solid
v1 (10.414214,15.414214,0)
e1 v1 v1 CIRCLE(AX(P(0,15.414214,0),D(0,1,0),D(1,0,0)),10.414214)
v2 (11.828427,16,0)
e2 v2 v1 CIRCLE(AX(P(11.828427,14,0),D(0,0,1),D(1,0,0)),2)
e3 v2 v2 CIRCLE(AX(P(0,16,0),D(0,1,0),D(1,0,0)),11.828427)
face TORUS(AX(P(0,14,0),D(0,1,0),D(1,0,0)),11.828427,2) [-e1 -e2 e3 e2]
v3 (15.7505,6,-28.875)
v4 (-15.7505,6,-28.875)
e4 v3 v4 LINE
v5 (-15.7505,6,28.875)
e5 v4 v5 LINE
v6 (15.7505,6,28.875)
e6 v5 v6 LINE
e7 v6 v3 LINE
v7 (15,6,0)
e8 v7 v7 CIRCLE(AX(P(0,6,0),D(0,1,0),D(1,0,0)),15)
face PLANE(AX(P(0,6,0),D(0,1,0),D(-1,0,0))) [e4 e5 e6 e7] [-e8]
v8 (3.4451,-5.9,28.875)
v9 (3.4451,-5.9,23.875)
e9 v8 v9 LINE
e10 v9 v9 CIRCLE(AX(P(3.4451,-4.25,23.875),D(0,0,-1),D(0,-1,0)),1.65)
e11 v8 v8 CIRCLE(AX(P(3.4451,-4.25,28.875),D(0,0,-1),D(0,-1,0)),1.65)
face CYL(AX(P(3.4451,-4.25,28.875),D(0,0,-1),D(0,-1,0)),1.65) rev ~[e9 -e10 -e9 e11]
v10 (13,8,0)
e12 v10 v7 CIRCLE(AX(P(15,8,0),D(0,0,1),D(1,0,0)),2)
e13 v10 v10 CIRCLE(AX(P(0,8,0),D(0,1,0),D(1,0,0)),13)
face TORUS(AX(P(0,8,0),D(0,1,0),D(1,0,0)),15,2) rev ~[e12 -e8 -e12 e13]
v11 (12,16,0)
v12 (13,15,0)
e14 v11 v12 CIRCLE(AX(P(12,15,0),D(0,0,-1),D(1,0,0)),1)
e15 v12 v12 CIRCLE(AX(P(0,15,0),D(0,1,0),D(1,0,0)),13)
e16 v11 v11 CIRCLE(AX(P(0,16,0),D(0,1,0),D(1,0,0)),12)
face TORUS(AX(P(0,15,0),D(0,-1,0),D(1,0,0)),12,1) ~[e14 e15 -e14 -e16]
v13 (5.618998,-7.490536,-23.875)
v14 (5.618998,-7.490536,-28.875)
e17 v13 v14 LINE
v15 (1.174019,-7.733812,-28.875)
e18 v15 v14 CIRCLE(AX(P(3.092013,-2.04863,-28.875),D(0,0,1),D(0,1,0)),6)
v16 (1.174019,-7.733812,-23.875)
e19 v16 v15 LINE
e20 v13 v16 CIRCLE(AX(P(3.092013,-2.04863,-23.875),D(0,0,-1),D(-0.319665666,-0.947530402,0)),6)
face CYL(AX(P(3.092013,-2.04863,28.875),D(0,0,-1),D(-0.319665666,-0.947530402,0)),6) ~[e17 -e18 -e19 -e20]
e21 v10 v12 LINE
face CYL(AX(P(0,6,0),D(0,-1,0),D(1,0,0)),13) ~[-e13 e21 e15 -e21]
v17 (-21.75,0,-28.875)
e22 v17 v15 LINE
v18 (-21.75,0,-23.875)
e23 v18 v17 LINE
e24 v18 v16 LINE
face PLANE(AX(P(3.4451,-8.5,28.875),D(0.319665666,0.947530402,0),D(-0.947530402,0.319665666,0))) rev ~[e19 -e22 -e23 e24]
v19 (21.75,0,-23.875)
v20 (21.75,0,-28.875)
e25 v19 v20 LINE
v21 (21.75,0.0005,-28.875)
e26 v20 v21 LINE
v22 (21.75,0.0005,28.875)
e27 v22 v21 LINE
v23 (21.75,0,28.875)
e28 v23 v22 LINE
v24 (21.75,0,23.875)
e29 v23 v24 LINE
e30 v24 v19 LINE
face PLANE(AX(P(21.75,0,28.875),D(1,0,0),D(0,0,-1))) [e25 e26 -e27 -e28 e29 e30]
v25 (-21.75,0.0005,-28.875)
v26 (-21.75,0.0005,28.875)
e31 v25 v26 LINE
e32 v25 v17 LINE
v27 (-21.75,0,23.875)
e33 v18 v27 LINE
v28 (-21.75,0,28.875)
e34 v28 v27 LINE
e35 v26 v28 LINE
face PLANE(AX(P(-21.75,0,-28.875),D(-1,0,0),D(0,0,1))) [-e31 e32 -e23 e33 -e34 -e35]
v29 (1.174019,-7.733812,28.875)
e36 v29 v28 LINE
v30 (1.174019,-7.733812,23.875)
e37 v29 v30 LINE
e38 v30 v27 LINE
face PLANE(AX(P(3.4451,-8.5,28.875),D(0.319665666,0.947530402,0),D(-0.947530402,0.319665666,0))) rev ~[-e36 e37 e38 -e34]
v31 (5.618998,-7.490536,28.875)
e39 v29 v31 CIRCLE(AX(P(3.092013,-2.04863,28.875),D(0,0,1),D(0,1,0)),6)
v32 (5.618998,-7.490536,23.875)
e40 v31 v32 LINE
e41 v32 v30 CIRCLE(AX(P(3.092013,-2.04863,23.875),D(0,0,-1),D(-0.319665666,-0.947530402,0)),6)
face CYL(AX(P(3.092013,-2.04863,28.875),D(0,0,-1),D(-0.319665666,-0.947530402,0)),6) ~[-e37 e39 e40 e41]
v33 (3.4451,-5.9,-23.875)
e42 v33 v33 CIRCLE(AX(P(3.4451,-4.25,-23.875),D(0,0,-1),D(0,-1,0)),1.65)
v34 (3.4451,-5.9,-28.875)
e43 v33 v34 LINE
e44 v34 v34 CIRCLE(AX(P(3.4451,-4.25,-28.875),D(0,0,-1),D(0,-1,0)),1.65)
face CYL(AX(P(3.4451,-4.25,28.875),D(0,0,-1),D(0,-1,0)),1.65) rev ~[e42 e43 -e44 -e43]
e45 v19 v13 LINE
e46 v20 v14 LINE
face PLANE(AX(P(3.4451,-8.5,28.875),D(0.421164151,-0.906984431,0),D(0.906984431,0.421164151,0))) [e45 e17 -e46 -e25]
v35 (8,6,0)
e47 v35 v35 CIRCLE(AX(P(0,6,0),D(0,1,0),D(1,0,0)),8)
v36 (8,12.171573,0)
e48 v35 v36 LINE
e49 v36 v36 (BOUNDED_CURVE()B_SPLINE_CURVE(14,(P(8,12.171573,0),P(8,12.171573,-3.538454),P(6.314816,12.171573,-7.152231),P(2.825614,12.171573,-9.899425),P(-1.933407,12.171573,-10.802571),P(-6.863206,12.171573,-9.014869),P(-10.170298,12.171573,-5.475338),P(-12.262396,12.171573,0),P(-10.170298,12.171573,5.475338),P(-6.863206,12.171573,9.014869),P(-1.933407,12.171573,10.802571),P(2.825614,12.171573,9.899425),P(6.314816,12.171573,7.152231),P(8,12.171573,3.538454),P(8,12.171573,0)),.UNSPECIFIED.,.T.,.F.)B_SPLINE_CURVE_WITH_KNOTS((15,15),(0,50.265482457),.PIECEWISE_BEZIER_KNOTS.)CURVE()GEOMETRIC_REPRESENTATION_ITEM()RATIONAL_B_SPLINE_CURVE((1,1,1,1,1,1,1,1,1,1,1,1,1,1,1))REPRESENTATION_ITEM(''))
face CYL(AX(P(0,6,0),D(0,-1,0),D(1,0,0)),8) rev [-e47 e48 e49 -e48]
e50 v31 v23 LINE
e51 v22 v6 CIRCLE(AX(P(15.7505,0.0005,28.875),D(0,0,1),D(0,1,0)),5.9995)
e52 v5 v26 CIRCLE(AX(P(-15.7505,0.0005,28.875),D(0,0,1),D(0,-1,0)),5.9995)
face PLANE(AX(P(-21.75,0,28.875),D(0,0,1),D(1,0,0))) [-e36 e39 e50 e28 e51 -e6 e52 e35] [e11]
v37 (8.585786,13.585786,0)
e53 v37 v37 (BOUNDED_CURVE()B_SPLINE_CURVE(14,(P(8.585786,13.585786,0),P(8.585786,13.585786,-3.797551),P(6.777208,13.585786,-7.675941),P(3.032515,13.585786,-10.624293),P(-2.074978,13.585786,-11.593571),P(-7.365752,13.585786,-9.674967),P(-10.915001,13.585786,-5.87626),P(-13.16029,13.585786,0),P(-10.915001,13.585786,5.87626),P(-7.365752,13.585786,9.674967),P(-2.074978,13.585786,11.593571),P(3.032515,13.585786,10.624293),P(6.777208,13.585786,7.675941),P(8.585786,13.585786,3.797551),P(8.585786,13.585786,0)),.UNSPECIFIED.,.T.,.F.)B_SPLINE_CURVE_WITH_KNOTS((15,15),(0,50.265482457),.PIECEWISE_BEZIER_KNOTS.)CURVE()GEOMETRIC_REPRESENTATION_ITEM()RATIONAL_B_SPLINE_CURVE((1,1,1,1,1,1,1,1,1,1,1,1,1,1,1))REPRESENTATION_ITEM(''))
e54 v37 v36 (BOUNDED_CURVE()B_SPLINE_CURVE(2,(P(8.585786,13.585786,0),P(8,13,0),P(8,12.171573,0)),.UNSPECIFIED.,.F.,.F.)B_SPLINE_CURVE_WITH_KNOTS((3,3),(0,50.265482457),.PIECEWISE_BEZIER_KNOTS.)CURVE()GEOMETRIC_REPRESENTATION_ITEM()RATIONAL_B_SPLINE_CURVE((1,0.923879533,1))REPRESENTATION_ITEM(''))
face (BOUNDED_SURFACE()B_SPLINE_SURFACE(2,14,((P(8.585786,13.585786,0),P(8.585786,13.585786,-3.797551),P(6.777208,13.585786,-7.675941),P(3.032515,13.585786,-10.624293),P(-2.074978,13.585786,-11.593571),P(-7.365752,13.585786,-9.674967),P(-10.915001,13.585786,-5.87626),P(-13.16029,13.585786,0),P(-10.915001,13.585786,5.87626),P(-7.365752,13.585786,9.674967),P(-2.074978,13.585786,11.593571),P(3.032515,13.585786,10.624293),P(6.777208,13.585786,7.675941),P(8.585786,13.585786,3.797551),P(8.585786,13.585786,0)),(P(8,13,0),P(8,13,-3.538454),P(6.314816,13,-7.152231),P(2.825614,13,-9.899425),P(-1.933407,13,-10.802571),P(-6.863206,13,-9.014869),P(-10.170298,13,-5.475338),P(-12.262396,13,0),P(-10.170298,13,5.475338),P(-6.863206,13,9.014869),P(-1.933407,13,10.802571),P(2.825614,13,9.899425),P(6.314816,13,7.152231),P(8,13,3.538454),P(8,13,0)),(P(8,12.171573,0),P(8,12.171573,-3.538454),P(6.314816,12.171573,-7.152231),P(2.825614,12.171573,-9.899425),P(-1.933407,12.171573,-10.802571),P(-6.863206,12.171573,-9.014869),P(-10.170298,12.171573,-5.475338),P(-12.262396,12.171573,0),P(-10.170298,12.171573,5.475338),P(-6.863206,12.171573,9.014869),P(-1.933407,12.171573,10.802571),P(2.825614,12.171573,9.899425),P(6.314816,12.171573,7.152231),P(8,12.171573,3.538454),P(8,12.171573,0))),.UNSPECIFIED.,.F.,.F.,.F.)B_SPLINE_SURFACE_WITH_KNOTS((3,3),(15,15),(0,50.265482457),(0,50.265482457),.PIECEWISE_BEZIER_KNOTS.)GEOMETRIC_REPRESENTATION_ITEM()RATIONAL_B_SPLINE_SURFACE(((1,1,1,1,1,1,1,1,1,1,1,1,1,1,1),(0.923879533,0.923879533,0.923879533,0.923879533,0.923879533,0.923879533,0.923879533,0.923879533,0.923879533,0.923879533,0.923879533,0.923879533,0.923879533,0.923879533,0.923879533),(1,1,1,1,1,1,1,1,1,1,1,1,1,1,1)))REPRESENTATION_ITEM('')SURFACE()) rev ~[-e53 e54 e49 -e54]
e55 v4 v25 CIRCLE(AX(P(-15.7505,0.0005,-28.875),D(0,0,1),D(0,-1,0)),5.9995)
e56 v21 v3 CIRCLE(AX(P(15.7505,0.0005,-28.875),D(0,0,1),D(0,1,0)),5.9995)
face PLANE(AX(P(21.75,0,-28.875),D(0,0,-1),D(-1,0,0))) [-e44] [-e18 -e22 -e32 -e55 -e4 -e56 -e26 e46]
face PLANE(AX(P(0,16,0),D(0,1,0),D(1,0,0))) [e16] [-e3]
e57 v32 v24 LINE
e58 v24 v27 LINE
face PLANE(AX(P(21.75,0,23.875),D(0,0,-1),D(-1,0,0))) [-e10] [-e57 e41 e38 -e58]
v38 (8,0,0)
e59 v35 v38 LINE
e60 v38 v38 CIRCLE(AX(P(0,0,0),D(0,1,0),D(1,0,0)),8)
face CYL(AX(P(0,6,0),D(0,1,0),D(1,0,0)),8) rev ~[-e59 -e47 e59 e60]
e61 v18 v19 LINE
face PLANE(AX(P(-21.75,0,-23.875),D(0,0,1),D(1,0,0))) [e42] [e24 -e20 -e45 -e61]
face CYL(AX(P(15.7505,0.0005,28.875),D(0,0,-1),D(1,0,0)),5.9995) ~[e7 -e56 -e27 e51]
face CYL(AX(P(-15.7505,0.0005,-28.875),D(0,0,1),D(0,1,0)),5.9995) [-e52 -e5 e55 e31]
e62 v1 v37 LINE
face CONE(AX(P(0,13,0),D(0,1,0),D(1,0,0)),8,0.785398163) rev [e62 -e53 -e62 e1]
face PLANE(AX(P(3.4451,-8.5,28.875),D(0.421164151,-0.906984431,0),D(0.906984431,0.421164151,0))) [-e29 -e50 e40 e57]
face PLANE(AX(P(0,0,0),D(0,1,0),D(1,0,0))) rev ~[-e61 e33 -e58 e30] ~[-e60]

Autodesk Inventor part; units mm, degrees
ref_plane "YZ Plane" through (0, 0, 0) normal (1, 0, 0) x (0, 1, 0)
ref_plane "XZ Plane" through (0, 0, 0) normal (0, 1, 0) x (-1, 0, 0)
ref_plane "XY Plane" through (0, 0, 0) normal (0, 0, 1) x (1, 0, 0)
sketch "Sketch1" plane through (0, 0, 0) normal (0, 1, 0) x (-1, 0, 0)
  line L0 (21.75, 28.875) -> (-21.75, 28.875)
  line L1 (-21.75, 28.875) -> (-21.75, -28.875)
  line L2 (-21.75, -28.875) -> (21.75, -28.875)
  line L3 (21.75, -28.875) -> (21.75, 28.875)
  line L4 (21.75, 28.875) -> (-21.75, -28.875) construction
  line L5 (-21.75, 28.875) -> (21.75, -28.875) construction
  point P0 (0, 0)
  dimension "d0" = 43.5
  dimension "d1" = 57.75
extrude "Extrusion1" add sketch "Sketch1" along normal blind 6
fillet "Fillet1" radius 6 1 edges at (21.75, 6, 0)
fillet "Fillet2" radius 6 1 edges at (-21.75, 6, 0)
sketch "Sketch2" plane through (0, 0, 0) normal (0, -1, 0) x (1, 0, 0)
  line L0 (-21.75, 28.875) -> (21.75, 28.875) projected
  line L1 (-21.75, -28.875) -> (-21.75, 28.875) projected
  line L2 (21.75, -28.875) -> (-21.75, -28.875) projected
  line L3 (21.75, 28.875) -> (21.75, -28.875) projected
  line L4 (21.75, 28.875) -> (21.75, -28.875) construction
  line L5 (21.75, 28.875) -> (3.5, 28.875) construction
  line L6 (-21.75, 28.875) -> (21.75, 28.875) construction
  point P0 (0, 0)
  dimension "d6" = 18.25
extrude "Extrusion2" add sketch "Sketch2" along normal blind 8.5
sketch "Sketch3" plane through (-15.75, 6, 28.875) normal (0, 0, 1) x (1, 0, 0)
  arc A0 (0, 0) -> (-6, -6) centre (0, -6) ccw construction
  line L0 (-6, -6) -> (-6, -14.5) construction
  line L1 (37.5, -14.5) -> (-6, -14.5) construction
  line L2 (37.5, -6) -> (37.5, -14.5) construction
  arc A1 (37.5, -6) -> (31.5, 0) centre (31.5, -6) ccw construction
  line L3 (0, 0) -> (31.5, 0) construction
  line L4 (19.1951, -6) -> (19.1951, -10.25) construction
  point P0 (15.75, -6)
  dimension "d9" = 4.25
hole "Hole1" at (3.4451, -4.25, 28.875) direction (0, 0, -1) diameter 3.3 end through all
sketch "Sketch4" plane through (-15.75, 6, 28.875) normal (0, 0, 1) x (1, 0, 0)
  circle A0 centre (19.1951, -10.25) radius 1.65 construction
  line L0 (19.1951, -10.25) -> (19.1951, -14.5) construction
  line L1 (-6, -14.5) -> (37.5, -14.5) construction
  line L2 (37.5, -6) -> (37.5, -14.5) projected
  line L3 (19.1951, -14.5) -> (37.5, -6)
  line L4 (-6, -6) -> (-6, -14.5) projected
  line L5 (19.1951, -14.5) -> (-6, -6)
  line L6 (-6, -6) -> (-6, -14.5)
  line L7 (19.1951, -14.5) -> (37.5, -14.5)
  line L8 (37.5, -14.5) -> (37.5, -6)
  line L9 (19.1951, -14.5) -> (-6, -14.5)
  point P0 (15.75, -6)
extrude "Extrusion3" cut sketch "Sketch4" against normal through all
fillet "Fillet3" radius 6 1 edges at (3.4451, -8.5, 0)
ref_plane "Work Plane1" through (0, 0, 0) normal (0, 1, 0) x (1, 0, 0)
sketch "Sketch5" plane through (0, 0, 0) normal (0, 1, 0) x (1, 0, 0)
  line L0 (21.75, -28.875) -> (21.75, 28.875) projected
  line L1 (-21.75, 28.875) -> (-21.75, -28.875) projected
  line L2 (21.75, -23.875) -> (-21.75, -23.875)
  line L3 (-21.75, -23.875) -> (-21.75, 23.875)
  line L4 (-21.75, 23.875) -> (21.75, 23.875)
  line L5 (21.75, 23.875) -> (21.75, -23.875)
  line L6 (21.75, -28.875) -> (15.75, -28.875) projected
  line L7 (15.75, 28.875) -> (21.75, 28.875) projected
  point P0 (0, 0)
  dimension "d21" = 5
  dimension "d22" = 5
extrude "Extrusion4" cut sketch "Sketch5" against normal blind 8.5
sketch "Sketch6" plane through (0, 6, 0) normal (0, 1, 0) x (1, 0, 0)
  circle A0 centre (0, 0) radius 8
  dimension "d25" = 16
extrude "Extrusion5" cut sketch "Sketch6" against normal blind 8.5
sketch "Sketch7" plane through (0, 6, 0) normal (0, 1, 0) x (1, 0, 0)
  circle A0 centre (0, 0) radius 8 projected
  circle A1 centre (0, 0) radius 13
  dimension "d28" = 5
extrude "Extrusion6" add sketch "Sketch7" along normal blind 10
fillet "Fillet4" radius 2 1 edges at (-13, 6, 0)
chamfer "Chamfer1" distance 3 angle 45 1 edges at (-8, 16, 0)
fillet "Fillet5" radius 2 2 edges at (-11, 16, 0) (-8, 13, 0)
fillet "Fillet6" radius 1 1 edges at (-13, 16, 0)
equation "\"d22\" = d21"
properties part number "support"
